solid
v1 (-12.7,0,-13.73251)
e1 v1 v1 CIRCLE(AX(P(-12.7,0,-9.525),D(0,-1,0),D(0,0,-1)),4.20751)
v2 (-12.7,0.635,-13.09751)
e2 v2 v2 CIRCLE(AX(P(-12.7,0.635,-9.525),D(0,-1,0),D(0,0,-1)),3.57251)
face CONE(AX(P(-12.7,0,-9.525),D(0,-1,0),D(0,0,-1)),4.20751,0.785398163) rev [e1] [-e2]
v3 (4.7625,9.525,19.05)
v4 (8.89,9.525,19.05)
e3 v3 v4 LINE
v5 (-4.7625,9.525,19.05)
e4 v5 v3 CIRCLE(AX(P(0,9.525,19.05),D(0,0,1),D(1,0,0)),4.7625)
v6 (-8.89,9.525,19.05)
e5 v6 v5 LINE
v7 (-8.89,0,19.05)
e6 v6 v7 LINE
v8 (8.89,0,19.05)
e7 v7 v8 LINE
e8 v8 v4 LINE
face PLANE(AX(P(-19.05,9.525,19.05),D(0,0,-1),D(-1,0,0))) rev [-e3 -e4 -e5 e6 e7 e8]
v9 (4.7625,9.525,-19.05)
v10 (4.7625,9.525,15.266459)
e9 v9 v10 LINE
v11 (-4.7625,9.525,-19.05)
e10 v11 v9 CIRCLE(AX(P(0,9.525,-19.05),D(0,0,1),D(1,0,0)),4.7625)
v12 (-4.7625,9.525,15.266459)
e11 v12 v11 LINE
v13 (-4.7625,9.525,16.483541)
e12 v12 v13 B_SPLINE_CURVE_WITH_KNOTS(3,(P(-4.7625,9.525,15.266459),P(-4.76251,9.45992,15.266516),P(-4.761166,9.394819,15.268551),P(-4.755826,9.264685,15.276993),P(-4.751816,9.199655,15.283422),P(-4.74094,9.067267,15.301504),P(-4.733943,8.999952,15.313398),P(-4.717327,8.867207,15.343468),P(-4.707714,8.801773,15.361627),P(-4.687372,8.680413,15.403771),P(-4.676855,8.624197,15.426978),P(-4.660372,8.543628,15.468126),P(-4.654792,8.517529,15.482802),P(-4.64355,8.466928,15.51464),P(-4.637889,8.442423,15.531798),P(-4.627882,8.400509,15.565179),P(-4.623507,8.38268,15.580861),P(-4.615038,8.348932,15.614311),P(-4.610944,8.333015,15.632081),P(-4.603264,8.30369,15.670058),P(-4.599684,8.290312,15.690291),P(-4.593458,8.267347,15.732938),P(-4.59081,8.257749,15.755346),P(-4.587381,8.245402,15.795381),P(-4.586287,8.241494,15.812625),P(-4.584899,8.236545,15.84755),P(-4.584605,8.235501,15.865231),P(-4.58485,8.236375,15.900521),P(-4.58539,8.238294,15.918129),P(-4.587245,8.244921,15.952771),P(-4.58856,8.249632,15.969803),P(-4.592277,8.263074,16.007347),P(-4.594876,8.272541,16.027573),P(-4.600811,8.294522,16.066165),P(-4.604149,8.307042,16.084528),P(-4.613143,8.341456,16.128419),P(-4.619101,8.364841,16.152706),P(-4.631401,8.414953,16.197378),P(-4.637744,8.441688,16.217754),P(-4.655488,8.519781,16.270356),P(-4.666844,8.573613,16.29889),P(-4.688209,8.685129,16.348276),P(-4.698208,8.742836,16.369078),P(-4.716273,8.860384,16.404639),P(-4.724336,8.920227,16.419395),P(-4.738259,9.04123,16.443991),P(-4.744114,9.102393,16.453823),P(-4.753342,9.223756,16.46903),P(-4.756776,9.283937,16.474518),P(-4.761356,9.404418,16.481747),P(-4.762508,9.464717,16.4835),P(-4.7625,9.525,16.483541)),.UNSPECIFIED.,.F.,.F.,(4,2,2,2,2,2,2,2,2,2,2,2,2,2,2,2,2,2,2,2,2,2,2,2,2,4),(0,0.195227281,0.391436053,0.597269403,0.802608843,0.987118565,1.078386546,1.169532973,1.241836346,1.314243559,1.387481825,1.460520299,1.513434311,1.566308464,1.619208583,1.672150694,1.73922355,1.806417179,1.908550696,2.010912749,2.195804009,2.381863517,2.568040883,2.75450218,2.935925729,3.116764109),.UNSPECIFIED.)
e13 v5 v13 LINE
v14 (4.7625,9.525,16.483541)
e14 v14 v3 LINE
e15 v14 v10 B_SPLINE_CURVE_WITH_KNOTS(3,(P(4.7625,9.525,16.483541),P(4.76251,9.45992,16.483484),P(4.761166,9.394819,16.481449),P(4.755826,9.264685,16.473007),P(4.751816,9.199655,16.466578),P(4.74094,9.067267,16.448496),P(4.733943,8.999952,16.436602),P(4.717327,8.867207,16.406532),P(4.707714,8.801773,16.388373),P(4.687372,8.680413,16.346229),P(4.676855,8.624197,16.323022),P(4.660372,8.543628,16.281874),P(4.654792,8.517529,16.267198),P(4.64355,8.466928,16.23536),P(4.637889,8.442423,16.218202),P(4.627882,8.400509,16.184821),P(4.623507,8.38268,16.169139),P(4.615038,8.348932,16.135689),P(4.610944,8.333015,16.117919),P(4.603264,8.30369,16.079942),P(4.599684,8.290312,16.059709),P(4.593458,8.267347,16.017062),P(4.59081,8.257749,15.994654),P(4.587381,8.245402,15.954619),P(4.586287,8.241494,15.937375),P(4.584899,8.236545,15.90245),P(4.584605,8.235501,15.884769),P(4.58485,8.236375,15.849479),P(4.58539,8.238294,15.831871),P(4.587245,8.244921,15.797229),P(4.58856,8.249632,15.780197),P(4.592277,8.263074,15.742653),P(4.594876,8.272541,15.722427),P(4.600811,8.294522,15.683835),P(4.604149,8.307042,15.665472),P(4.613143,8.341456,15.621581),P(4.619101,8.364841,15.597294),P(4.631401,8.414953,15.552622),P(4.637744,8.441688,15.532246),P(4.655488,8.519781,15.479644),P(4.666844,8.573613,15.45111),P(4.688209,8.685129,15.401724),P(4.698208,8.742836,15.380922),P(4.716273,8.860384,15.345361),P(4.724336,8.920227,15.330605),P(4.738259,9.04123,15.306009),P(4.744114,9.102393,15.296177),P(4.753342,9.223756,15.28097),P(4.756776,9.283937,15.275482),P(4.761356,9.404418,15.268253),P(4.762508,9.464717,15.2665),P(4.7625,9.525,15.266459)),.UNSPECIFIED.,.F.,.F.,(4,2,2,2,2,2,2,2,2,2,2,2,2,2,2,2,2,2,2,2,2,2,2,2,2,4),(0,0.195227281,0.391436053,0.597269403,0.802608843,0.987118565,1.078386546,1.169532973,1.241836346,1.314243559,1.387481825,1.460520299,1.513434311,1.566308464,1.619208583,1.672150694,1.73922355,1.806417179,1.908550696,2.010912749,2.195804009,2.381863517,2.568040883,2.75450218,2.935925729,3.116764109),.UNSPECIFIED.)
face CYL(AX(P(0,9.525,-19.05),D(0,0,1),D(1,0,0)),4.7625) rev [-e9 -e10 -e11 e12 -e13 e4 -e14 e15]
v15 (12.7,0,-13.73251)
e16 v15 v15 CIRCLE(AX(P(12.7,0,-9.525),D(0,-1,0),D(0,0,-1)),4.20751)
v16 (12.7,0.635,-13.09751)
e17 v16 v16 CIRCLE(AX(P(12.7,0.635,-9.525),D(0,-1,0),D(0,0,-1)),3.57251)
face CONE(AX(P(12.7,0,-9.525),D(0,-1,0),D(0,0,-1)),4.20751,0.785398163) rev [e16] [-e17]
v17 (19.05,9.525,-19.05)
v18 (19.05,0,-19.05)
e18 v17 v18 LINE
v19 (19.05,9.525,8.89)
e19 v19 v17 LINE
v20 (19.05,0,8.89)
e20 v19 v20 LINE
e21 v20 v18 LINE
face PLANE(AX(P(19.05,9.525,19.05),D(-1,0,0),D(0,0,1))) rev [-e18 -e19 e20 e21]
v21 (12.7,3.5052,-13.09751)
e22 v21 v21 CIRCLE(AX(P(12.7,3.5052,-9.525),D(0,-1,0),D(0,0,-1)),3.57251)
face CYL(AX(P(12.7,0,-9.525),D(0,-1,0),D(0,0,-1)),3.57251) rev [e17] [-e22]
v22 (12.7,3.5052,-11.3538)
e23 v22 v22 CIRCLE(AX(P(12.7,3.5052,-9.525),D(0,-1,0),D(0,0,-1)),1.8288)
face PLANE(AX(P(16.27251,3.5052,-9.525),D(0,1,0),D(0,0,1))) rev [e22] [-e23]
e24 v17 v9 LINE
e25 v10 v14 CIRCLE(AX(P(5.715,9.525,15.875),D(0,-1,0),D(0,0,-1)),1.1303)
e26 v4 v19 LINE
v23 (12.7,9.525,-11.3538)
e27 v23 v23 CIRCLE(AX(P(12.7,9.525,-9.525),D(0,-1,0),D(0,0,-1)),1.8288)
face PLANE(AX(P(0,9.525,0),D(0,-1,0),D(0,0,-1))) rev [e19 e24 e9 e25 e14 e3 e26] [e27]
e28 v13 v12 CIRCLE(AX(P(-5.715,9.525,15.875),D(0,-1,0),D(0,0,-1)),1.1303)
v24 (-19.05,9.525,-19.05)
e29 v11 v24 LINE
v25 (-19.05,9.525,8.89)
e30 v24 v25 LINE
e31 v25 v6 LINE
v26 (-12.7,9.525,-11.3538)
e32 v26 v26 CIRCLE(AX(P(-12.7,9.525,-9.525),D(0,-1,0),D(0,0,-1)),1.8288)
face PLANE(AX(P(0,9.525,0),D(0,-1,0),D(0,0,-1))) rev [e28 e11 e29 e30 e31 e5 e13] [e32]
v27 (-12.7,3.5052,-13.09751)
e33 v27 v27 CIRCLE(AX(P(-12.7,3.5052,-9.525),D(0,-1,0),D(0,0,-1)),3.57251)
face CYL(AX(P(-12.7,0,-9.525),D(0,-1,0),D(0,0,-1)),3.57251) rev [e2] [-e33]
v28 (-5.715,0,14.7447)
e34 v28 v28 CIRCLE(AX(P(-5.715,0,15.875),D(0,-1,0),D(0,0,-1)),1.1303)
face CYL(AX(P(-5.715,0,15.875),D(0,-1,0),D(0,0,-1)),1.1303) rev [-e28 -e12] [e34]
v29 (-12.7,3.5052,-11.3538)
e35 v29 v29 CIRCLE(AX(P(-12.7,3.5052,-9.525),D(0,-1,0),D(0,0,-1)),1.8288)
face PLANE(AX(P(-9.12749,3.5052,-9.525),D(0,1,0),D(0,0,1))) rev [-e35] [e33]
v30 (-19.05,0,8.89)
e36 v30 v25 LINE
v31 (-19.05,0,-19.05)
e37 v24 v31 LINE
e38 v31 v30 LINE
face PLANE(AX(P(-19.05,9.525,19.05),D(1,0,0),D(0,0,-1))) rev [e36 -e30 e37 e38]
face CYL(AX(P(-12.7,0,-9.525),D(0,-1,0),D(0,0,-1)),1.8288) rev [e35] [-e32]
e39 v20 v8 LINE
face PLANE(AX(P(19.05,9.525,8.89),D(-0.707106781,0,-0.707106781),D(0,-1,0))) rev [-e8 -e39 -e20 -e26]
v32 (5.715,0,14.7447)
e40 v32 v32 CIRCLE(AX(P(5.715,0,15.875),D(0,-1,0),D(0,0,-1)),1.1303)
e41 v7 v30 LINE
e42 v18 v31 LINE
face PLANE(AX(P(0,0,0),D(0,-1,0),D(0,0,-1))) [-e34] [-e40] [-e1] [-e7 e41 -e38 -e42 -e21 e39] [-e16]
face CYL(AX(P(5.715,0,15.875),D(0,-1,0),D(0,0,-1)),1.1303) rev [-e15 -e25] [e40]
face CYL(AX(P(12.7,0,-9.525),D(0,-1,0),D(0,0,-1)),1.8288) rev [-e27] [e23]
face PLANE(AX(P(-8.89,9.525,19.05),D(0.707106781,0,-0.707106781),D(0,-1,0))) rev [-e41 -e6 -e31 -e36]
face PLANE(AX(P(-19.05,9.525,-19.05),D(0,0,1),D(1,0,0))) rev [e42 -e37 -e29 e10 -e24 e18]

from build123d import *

# Parameters (mm, degrees)
SKETCH1_W                                     = 38.1
SKETCH1_H                                     = 38.1
BOSS_EXTRUDE1_DEPTH                           = 9.525
SKETCH4_R                                     = 4.7625
CUT_EXTRUDE1_DEPTH                            = 44.649033494
MOTORHOLES_D                                  = 2.2606
CBORE_FOR_6_SOCKET_HEAD_CAP_SCREW1_AT_2_COUNT = 2
CBORE_FOR_6_SOCKET_HEAD_CAP_SCREW1_AT_2_PITCH = 25.4
CHAMFER1_SIZE                                 = 10.16


with BuildPart() as part:
    # Sketch1 → Boss-Extrude1 (new body)
    with BuildSketch(Plane(origin=(0, 0, 0), x_dir=(1, 0, 0), z_dir=(0, 1, 0))):
        Rectangle(SKETCH1_W, SKETCH1_H)
    extrude(amount=BOSS_EXTRUDE1_DEPTH)

    # Sketch4 → Cut-Extrude1 (cut, through all)
    with BuildSketch(Plane.XY.offset(19.05)):
        with Locations((0, 9.525)):
            Circle(SKETCH4_R)
    extrude(amount=-CUT_EXTRUDE1_DEPTH, mode=Mode.SUBTRACT)

    # MotorHoles (through all)
    with Locations(Plane(origin=(0, 0, 0), x_dir=(-1, 0, 0), z_dir=(0, -1, 0))):
        with Locations((-5.715, -15.875), (5.715, -15.875)):
            Hole(MOTORHOLES_D / 2)

    # Sketch5 → CBORE for #6 Socket Head Cap Screw1 (revolve, cut)
    with BuildSketch(Plane(origin=(12.7, 0, -9.525), x_dir=(0, 0, -1), z_dir=(1, 0, 0))):
        Polygon((0, 0), (0, 9.525), (1.8288, 9.525), (1.8288, 3.5052), (3.57251, 3.5052), (3.57251, 0.635), (4.20751, 0), align=None)
    cbore_for_6_socket_head_cap_screw1 = revolve(axis=Axis((12.7, -6.35, -9.525), (0, 1, 0)), mode=Mode.SUBTRACT)

    # CBORE for #6 Socket Head Cap Screw1 at 2: CBORE for #6 Socket Head Cap Screw1 ×2
    with Locations(*[(-i * CBORE_FOR_6_SOCKET_HEAD_CAP_SCREW1_AT_2_PITCH, 0, 0) for i in range(1, CBORE_FOR_6_SOCKET_HEAD_CAP_SCREW1_AT_2_COUNT)]):
        add(cbore_for_6_socket_head_cap_screw1, mode=Mode.SUBTRACT)

    # Chamfer1
    chamfer1_edges = [part.edges().sort_by_distance(p)[0] for p in [
        (19.05, 4.7625, 19.05),
        (-19.05, 4.7625, 19.05),
    ]]
    chamfer(chamfer1_edges, length=CHAMFER1_SIZE)


solid = part.part
